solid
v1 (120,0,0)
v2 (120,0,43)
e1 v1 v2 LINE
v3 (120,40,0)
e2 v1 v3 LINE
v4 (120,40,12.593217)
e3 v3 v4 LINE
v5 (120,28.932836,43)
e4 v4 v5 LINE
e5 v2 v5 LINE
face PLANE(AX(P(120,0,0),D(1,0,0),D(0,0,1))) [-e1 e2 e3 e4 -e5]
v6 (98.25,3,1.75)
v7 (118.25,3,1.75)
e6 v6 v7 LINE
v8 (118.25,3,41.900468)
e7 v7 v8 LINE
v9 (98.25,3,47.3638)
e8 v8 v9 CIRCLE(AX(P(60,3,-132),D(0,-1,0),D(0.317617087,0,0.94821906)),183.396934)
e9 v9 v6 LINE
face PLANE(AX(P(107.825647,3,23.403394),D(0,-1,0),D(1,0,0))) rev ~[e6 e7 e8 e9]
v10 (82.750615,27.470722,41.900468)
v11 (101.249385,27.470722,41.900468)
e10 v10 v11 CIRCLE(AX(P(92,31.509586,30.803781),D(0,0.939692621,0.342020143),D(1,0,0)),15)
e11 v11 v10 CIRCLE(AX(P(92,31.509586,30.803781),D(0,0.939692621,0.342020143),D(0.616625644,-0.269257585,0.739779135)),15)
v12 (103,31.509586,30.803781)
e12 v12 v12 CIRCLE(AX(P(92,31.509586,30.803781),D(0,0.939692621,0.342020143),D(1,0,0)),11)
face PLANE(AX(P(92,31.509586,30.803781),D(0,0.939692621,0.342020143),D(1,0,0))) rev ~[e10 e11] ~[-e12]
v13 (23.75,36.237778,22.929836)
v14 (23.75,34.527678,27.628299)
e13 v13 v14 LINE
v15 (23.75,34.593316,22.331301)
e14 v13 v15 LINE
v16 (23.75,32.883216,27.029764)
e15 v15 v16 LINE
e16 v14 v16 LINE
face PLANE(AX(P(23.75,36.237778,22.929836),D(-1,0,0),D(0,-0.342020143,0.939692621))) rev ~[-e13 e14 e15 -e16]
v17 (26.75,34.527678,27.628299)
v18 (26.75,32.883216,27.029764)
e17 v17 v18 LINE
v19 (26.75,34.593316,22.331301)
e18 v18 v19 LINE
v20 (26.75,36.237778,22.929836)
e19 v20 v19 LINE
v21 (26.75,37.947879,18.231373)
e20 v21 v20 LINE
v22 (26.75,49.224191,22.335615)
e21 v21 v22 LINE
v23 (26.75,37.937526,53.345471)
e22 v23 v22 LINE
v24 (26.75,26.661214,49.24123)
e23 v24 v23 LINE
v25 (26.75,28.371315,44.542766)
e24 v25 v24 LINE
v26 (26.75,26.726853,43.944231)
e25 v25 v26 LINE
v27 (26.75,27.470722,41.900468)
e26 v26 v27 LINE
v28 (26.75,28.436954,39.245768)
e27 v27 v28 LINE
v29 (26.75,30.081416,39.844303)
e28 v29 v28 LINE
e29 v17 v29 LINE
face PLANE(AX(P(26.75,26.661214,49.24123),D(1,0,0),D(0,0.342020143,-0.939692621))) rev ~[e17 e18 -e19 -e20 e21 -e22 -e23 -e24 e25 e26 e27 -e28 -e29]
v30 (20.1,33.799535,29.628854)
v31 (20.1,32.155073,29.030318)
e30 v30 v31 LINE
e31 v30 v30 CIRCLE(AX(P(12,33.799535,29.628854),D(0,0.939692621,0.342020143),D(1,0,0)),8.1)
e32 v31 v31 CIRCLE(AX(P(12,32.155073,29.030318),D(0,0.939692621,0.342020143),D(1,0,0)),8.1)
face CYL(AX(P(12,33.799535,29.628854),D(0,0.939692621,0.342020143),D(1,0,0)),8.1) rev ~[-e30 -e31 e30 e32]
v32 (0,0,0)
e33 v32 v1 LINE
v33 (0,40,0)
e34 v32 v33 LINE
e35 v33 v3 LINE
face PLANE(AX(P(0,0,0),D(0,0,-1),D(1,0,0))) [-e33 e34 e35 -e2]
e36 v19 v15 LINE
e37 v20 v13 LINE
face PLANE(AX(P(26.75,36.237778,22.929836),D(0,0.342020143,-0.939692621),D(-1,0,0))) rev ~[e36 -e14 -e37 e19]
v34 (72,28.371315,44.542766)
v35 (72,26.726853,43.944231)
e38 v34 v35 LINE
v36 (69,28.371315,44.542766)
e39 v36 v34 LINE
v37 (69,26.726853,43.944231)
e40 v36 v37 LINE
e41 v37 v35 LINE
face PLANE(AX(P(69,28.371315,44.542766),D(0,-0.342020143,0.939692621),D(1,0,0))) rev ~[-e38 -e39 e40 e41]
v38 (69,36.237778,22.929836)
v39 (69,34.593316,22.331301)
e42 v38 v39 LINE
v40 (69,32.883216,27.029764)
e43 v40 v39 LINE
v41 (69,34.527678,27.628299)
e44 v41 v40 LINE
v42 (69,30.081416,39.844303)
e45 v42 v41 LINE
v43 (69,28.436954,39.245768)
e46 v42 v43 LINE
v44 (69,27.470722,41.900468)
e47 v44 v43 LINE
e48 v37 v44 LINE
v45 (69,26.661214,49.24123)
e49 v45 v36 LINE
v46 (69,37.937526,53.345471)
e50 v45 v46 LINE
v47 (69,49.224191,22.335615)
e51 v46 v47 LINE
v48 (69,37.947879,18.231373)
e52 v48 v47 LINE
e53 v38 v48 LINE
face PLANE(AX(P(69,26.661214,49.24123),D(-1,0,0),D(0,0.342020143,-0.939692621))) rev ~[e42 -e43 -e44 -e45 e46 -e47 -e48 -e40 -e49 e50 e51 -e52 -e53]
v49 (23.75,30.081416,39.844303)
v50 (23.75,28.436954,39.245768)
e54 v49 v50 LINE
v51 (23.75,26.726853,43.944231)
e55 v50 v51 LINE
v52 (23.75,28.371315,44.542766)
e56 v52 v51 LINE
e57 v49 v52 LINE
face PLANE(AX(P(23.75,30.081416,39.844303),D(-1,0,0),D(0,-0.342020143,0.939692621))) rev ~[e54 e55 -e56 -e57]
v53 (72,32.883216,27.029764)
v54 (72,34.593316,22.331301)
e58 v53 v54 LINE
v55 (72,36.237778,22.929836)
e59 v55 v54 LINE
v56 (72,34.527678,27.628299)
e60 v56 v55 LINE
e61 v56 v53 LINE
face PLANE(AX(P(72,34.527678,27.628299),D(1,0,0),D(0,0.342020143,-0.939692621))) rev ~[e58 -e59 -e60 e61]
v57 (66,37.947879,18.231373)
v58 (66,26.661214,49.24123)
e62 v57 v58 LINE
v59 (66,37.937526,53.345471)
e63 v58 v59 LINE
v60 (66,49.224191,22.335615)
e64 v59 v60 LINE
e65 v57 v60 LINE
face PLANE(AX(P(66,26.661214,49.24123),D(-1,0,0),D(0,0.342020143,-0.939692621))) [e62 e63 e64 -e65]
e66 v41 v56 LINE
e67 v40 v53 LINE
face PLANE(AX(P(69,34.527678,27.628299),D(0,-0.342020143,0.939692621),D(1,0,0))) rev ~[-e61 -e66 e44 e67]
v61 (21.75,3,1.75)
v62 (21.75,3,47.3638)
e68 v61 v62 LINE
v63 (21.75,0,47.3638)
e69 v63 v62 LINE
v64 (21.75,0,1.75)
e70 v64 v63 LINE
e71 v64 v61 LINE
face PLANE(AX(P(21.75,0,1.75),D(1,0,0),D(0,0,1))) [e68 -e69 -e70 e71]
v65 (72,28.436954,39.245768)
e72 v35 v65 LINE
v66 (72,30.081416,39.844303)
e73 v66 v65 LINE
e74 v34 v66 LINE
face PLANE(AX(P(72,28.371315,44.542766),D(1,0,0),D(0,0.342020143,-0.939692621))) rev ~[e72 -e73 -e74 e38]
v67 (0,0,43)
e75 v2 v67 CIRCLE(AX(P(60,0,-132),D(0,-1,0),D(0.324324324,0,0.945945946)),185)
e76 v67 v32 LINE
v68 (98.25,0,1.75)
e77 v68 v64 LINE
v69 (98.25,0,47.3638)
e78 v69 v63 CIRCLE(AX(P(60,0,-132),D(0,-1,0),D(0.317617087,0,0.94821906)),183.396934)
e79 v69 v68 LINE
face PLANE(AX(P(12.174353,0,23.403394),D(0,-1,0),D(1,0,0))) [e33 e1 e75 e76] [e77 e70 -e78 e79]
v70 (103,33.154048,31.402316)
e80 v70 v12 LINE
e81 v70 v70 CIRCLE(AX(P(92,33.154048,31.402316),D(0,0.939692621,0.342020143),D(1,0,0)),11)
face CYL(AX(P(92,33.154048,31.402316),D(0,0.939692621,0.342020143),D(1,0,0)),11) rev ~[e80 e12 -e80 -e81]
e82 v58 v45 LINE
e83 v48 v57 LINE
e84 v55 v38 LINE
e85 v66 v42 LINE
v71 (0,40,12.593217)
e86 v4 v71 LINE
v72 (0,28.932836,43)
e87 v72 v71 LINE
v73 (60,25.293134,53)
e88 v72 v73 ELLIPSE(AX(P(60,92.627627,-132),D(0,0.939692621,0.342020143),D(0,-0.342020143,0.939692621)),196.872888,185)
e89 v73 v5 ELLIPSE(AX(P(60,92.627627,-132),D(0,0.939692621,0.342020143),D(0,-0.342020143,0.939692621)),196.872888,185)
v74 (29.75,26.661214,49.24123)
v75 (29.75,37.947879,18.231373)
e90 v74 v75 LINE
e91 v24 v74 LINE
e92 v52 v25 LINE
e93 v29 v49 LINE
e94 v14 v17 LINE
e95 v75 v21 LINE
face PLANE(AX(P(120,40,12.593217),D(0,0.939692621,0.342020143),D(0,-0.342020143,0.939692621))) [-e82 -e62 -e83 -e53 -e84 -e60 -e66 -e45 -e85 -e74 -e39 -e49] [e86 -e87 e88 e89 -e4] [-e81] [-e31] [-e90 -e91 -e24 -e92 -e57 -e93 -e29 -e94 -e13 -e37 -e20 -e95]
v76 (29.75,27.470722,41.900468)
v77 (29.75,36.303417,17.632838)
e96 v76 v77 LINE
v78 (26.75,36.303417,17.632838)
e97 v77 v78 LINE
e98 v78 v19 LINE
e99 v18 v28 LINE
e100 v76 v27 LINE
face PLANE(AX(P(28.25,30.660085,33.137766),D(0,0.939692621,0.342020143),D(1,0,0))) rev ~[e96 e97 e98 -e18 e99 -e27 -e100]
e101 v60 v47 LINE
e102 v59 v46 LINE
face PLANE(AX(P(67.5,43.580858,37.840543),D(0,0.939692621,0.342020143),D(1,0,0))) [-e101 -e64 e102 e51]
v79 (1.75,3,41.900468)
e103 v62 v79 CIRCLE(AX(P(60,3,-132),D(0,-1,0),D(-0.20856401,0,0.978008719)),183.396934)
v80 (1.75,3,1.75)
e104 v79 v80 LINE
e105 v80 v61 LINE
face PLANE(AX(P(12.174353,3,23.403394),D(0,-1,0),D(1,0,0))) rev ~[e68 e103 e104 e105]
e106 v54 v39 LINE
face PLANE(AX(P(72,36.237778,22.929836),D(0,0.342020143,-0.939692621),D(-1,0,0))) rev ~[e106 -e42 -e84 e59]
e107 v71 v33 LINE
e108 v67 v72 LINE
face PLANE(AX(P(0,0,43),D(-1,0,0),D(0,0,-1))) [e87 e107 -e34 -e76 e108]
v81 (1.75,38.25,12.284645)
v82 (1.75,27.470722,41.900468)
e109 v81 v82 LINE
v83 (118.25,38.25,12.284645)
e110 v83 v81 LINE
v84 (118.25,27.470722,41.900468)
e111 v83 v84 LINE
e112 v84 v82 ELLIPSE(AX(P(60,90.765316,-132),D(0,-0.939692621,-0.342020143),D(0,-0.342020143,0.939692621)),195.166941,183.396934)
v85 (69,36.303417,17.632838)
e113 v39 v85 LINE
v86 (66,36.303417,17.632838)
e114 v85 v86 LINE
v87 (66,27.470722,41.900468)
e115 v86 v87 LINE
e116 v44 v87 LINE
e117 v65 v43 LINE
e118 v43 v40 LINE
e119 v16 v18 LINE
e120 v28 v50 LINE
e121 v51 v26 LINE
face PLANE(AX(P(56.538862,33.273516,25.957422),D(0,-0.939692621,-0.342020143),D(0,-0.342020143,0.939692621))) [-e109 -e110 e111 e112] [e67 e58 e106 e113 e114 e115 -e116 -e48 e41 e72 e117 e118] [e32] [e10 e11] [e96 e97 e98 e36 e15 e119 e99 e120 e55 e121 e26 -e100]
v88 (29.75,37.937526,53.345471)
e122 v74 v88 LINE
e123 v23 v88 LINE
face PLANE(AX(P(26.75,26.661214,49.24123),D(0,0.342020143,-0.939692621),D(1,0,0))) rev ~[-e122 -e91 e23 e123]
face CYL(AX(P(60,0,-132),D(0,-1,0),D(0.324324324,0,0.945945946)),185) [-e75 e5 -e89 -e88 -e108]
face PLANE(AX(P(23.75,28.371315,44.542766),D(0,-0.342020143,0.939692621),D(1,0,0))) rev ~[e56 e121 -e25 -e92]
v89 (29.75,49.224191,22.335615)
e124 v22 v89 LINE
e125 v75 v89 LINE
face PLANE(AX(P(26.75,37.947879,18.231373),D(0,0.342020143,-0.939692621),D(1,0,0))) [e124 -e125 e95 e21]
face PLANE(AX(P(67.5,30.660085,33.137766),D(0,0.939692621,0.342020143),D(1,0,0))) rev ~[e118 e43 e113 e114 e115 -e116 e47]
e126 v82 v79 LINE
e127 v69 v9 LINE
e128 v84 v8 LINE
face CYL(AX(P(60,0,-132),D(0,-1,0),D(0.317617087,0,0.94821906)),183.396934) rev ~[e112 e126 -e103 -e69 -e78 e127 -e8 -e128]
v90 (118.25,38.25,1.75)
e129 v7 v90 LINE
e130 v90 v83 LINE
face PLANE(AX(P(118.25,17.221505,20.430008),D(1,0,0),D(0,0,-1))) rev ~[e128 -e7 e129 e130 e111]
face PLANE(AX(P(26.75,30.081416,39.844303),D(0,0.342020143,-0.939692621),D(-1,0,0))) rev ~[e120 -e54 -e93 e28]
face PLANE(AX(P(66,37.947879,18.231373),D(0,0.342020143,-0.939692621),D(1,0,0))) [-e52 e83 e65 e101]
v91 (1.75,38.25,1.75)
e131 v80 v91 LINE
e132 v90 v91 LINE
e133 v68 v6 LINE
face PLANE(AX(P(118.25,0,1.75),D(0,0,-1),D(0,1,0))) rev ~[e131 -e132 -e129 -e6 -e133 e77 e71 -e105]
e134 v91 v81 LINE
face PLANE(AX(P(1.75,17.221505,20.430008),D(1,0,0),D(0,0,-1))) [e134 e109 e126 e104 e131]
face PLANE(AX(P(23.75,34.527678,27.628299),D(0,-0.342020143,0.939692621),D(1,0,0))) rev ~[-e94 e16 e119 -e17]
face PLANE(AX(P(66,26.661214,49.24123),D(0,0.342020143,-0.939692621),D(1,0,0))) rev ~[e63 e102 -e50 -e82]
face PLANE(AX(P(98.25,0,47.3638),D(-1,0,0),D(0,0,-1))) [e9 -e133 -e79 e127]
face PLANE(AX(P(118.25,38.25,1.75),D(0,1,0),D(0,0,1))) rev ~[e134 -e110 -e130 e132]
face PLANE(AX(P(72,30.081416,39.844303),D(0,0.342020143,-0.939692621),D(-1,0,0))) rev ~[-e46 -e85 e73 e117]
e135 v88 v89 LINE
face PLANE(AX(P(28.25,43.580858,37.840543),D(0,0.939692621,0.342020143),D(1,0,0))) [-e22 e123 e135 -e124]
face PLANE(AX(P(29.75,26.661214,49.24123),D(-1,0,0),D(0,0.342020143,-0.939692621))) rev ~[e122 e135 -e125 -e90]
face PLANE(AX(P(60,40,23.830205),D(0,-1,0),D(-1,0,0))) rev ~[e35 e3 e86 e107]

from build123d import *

# Parameters (mm, degrees)
BOSS_EXTRUDE1_DEPTH      = 40
CUT_EXTRUDE1_DEPTH       = 121
SKETCH3_R                = 11
SKETCH3_R_2              = 8.1
CUT_EXTRUDE3_DEPTH       = 1.75
SKETCH5_R                = 15
CUT_EXTRUDE4_DEPTH       = 41.144838819
CUT_EXTRUDE7_DEPTH       = 116.5
SKETCH11_W               = 3
SKETCH11_H               = 33
BOSS_EXTRUDE2_DEPTH      = 12
BOSS_EXTRUDE2_DEPTH_BACK = 1.75
CUT_EXTRUDE8_REACH       = 51.224
BOSS_EXTRUDE3_DEPTH      = 3


with BuildPart() as part:
    # Sketch1 → Boss-Extrude1 (new body)
    with BuildSketch(Plane(origin=(0, 0, 0), x_dir=(1, 0, 0), z_dir=(0, 1, 0))):
        with BuildLine():
            Line((0, 0), (120, 0))
            Line((120, 0), (120, -43))
            ThreePointArc((120, -43), (60, -53), (0, -43))
            Line((0, -43), (0, 0))
        make_face()
    extrude(amount=BOSS_EXTRUDE1_DEPTH)

    # Sketch2 → Cut-Extrude1 (cut, through all)
    with BuildSketch(Plane(origin=(120, 0, 0), x_dir=(0, 0, -1), z_dir=(1, 0, 0))):
        Polygon((-12.593217306, 40), (-53, 25.293133837), (-53, 40), align=None)
    extrude(amount=-CUT_EXTRUDE1_DEPTH, mode=Mode.SUBTRACT)

    # Sketch3 → Cut-Extrude3 (cut)
    with BuildSketch(Plane(origin=(0, 39.368270888, 14.328878778), x_dir=(1, 0, 0), z_dir=(0, 0.939692621, 0.342020143))):
        with Locations((92, -18.169172911)):
            Circle(SKETCH3_R)
        with Locations((12, -16.281893201)):
            Circle(SKETCH3_R_2)
        Polygon((69, -32.152947642), (72, -32.152947642), (72, -27.152947642), (69, -27.152947642), (69, -14.152947642), (72, -14.152947642), (72, -9.152947642), (69, -9.152947642), (69, -4.152947642), (66, -4.152947642), (66, -37.152947642), (69, -37.152947642), align=None)
        Polygon((26.75, -32.152947642), (26.75, -37.152947642), (29.75, -37.152947642), (29.75, -4.152947642), (26.75, -4.152947642), (26.75, -9.152947642), (23.75, -9.152947642), (23.75, -14.152947642), (26.75, -14.152947642), (26.75, -27.152947642), (23.75, -27.152947642), (23.75, -32.152947642), align=None)
    extrude(amount=-CUT_EXTRUDE3_DEPTH, mode=Mode.SUBTRACT)

    # Sketch5 → Cut-Extrude4 (cut, through all)
    with BuildSketch(Plane(origin=(0, 37.723808801, 13.730343527), x_dir=(1, 0, 0), z_dir=(0, 0.939692621, 0.342020143))):
        with Locations((92, -18.169172911)):
            Circle(SKETCH5_R)
    extrude(amount=-CUT_EXTRUDE4_DEPTH, mode=Mode.SUBTRACT)

    # Sketch9 → Cut-Extrude7 (cut)
    with BuildSketch(Plane(origin=(118.25, 0, 0), x_dir=(0, 0, -1), z_dir=(1, 0, 0))):
        Polygon((-1.75, 0), (-1.75, 38.25), (-12.28464509, 38.25), (-41.900468263, 27.470721902), (-41.900468263, 0), align=None)
    extrude(amount=-CUT_EXTRUDE7_DEPTH, mode=Mode.SUBTRACT)

    # Sketch11 → Boss-Extrude2 (add, two sides)
    with BuildSketch(Plane(origin=(0, 39.368270888, 14.328878778), x_dir=(1, 0, 0), z_dir=(0, 0.939692621, 0.342020143))) as boss_extrude2_sk:
        with Locations((28.25, -20.652947642)):
            Rectangle(SKETCH11_W, SKETCH11_H)
        with Locations((67.5, -20.652947642)):
            Rectangle(SKETCH11_W, SKETCH11_H)
    extrude(amount=BOSS_EXTRUDE2_DEPTH)
    extrude(boss_extrude2_sk.sketch, amount=-BOSS_EXTRUDE2_DEPTH_BACK)

    # Cut-Extrude8: up to this face of the body (flat: up to its plane)
    cut_extrude8_end = Plane(part.part.faces().sort_by_distance((59.86605923, 33.016543965, 26.663447373))[0])
    # Sketch13 → Cut-Extrude8 (cut, up to the picked face)
    with BuildSketch(Plane.XZ, mode=Mode.PRIVATE) as cut_extrude8_sk1:
        with BuildLine():
            Line((1.75, 41.900468263), (118.25, 41.900468263))
            ThreePointArc((118.25, 41.900468263), (60, 51.396933895), (1.75, 41.900468263))
        make_face()
    cut_extrude8_tool1 = split(extrude(cut_extrude8_sk1.sketch, amount=-CUT_EXTRUDE8_REACH, mode=Mode.PRIVATE), bisect_by=cut_extrude8_end, keep=Keep.BOTH, mode=Mode.PRIVATE)
    add(cut_extrude8_tool1.solids().sort_by_distance((60, 0, 45.707612))[0], mode=Mode.SUBTRACT)

    # Sketch14 → Boss-Extrude3 (add)
    with BuildSketch(Plane.XZ):
        with BuildLine():
            Line((1.75, 1.75), (21.75, 1.75))
            Line((21.75, 1.75), (21.75, 47.363800311))
            ThreePointArc((21.75, 47.363800311), (11.672735446, 44.914982019), (1.75, 41.900468263))
            Line((1.75, 41.900468263), (1.75, 1.75))
        make_face()
        with BuildLine():
            Line((118.25, 1.75), (118.25, 41.900468263))
            ThreePointArc((118.25, 41.900468263), (108.327264554, 44.914982019), (98.25, 47.363800311))
            Line((98.25, 47.363800311), (98.25, 1.75))
            Line((98.25, 1.75), (118.25, 1.75))
        make_face()
    extrude(amount=-BOSS_EXTRUDE3_DEPTH)


solid = part.part
